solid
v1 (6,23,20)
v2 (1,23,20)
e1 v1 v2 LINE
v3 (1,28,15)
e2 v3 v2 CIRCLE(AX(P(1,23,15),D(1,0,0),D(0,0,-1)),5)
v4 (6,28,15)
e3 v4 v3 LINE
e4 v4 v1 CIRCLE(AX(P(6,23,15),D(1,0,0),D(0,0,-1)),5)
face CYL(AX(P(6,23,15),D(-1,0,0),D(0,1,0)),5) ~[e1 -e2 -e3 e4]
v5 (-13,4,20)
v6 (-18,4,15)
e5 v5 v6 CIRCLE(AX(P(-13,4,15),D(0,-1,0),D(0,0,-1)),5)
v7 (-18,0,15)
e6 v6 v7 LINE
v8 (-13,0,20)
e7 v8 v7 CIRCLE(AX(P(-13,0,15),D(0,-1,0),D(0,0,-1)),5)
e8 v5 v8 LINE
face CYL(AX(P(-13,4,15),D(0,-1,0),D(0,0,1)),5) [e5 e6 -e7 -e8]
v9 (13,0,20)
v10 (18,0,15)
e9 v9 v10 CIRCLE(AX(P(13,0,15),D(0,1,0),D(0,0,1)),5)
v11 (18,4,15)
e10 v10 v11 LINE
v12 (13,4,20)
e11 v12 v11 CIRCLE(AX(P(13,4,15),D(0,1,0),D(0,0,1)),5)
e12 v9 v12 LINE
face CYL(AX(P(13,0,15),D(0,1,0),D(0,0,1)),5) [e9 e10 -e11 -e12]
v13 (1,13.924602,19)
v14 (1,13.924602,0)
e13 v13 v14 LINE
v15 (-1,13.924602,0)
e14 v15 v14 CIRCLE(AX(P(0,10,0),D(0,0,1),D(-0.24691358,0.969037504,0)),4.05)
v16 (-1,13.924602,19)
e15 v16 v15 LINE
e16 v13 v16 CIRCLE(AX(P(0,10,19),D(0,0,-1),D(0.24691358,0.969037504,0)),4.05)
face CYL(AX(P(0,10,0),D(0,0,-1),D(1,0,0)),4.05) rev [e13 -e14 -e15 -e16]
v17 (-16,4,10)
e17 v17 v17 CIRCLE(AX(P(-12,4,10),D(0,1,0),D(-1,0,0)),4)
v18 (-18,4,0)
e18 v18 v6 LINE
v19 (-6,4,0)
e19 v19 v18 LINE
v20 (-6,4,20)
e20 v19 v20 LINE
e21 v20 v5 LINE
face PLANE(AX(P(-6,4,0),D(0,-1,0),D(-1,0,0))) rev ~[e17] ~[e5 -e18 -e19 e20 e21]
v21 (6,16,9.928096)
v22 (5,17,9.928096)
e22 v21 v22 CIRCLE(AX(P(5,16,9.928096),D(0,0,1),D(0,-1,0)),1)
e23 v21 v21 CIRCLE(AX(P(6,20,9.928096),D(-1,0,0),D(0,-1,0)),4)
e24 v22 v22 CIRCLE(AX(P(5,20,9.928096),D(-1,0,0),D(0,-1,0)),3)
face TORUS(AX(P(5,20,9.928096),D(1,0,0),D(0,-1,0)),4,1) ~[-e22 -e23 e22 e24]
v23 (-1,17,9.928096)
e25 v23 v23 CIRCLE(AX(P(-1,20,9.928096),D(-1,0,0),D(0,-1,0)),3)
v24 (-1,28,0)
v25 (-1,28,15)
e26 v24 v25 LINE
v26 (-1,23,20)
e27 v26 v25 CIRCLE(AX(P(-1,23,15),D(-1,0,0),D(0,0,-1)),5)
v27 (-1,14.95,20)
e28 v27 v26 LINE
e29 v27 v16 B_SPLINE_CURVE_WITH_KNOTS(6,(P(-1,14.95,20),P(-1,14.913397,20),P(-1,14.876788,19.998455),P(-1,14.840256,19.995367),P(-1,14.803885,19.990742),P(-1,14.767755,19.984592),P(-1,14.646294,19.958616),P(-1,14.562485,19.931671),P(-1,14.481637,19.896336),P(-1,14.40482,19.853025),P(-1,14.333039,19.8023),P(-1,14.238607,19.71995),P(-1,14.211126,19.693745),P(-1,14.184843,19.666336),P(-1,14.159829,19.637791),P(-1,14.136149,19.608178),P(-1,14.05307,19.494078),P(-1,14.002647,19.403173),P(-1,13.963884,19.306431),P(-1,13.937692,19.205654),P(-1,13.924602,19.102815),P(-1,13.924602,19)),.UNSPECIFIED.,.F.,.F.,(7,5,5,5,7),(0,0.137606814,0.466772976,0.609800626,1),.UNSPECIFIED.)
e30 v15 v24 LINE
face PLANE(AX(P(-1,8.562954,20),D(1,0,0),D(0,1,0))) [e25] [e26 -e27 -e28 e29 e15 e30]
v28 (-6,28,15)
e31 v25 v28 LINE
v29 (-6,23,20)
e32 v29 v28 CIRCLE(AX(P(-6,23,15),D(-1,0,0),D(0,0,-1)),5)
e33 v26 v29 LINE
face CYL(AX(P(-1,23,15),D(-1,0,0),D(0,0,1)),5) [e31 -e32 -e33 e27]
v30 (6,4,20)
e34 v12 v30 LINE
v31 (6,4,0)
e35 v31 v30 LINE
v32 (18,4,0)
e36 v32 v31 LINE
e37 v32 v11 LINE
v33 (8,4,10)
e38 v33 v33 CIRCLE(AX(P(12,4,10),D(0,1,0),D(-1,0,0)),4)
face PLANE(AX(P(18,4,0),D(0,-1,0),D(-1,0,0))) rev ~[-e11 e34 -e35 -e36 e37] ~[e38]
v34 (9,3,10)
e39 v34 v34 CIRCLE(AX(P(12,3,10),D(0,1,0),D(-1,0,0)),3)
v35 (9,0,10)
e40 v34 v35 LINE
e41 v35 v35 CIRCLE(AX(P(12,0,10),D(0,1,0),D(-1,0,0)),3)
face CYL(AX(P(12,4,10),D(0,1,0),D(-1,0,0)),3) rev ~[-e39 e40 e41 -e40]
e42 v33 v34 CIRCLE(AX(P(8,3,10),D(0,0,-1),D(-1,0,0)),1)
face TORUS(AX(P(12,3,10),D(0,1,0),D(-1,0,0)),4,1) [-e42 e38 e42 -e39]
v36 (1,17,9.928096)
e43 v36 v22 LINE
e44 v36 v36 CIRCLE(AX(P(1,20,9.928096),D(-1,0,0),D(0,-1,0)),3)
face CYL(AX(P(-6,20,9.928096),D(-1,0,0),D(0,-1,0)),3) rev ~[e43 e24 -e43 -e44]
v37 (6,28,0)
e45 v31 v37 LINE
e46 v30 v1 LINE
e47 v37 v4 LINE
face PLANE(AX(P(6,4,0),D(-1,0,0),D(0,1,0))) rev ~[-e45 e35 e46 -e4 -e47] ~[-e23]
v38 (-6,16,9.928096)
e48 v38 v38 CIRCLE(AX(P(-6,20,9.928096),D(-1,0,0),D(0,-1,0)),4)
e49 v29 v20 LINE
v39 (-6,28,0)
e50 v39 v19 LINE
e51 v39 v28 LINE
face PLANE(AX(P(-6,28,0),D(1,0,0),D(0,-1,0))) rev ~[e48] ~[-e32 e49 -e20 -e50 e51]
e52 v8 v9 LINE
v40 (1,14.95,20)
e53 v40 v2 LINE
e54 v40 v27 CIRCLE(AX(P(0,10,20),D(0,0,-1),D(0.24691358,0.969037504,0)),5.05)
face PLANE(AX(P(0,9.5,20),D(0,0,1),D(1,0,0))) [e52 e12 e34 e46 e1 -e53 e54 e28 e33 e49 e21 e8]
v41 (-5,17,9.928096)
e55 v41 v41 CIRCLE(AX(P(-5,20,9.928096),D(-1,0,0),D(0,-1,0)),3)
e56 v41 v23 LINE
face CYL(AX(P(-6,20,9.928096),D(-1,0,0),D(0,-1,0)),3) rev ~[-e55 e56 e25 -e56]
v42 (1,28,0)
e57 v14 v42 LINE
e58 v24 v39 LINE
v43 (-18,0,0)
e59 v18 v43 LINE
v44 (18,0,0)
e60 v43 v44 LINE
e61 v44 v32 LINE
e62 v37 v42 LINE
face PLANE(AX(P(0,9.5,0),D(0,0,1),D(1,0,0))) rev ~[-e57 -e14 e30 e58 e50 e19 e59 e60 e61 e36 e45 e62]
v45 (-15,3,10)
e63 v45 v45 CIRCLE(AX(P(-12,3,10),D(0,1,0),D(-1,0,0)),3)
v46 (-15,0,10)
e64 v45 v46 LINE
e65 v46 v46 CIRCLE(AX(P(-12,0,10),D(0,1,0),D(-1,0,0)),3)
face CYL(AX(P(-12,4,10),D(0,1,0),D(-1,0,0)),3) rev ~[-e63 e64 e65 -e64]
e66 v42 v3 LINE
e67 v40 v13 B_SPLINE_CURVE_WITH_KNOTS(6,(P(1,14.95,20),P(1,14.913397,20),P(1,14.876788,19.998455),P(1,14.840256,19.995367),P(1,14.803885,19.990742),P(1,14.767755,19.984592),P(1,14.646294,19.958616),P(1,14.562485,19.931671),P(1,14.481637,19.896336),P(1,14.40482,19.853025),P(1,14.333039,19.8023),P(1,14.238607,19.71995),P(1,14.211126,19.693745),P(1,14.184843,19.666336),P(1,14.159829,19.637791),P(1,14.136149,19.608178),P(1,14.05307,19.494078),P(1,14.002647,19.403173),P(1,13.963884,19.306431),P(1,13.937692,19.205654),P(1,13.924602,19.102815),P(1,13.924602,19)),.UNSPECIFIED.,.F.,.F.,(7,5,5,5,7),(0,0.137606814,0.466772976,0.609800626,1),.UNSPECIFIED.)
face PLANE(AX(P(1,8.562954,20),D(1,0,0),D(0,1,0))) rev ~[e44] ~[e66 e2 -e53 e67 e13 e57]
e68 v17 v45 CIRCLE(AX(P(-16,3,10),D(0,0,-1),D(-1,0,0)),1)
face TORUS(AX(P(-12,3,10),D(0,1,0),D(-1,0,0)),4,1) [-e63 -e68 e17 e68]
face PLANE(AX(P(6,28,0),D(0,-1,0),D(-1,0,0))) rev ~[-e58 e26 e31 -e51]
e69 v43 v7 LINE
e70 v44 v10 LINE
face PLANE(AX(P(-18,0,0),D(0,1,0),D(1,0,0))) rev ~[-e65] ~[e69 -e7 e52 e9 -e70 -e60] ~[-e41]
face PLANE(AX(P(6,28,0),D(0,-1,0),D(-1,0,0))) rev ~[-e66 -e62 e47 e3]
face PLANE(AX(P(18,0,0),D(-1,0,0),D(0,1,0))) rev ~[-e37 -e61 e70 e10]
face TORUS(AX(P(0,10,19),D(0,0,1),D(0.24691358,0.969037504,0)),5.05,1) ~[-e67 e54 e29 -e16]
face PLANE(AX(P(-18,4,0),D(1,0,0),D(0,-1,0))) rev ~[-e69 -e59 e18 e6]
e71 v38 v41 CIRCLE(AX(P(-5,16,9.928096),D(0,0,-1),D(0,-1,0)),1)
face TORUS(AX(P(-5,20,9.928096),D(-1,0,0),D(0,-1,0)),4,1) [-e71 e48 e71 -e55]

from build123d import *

# Parameters (mm, degrees)
F0_R     = 4.05
F1_DEPTH = 20
F2_W     = 2
F2_H     = 25.5416983529
F3_DEPTH = 25
F4_R     = 3
F5_DEPTH = 25
F6_R     = 3
F7_DEPTH = 25
F8_R     = 5
F9_R     = 1


with BuildPart() as f1:
    # F0 (on Top) → F1 (new body)
    with BuildSketch(Plane.XY):
        Polygon((6, 28), (0, 28), (-6, 28), (-6, 4), (-18, 4), (-18, 0), (0, 0), (18, 0), (18, 4), (6, 4), align=None)
        with Locations((0, 10)):
            Circle(F0_R, mode=Mode.SUBTRACT)
    extrude(amount=F1_DEPTH)

    # F2 (on face) → F3 (cut)
    with BuildSketch(Plane.XY.offset(20)):
        with Locations((0, 21.3338027536)):
            Rectangle(F2_W, F2_H)
    extrude(amount=-F3_DEPTH, mode=Mode.SUBTRACT)

    # F4 (on face) → F5 (cut)
    with BuildSketch(Plane(origin=(-6, 0, 0), x_dir=(0, -1, 0), z_dir=(-1, 0, 0))):
        with Locations((-20, 9.9280960858)):
            Circle(F4_R)
    extrude(amount=-F5_DEPTH, mode=Mode.SUBTRACT)

    # F6 (on face) → F7 (cut)
    with BuildSketch(Plane(origin=(0, 4, 0), x_dir=(-1, 0, 0), z_dir=(0, 1, 0))):
        with Locations((12, 10)):
            Circle(F6_R)
        with Locations((-12, 10)):
            Circle(F6_R)
    extrude(amount=-F7_DEPTH, mode=Mode.SUBTRACT)

    # F8
    f8_edges = [f1.edges().sort_by_distance(p)[0] for p in [
        (3.5, 28, 20),
        (-3.5, 28, 20),
        (-18, 2, 20),
        (18, 2, 20),
    ]]
    fillet(f8_edges, radius=F8_R)

    # F9
    f9_edges = [f1.edges().sort_by_distance(p)[0] for p in [
        (0, 5.95, 20),
        (-9, 4, 10),
        (15, 4, 10),
        (-6, 23, 9.928096),
        (6, 23, 9.928096),
    ]]
    fillet(f9_edges, radius=F9_R)


solid = f1.part
